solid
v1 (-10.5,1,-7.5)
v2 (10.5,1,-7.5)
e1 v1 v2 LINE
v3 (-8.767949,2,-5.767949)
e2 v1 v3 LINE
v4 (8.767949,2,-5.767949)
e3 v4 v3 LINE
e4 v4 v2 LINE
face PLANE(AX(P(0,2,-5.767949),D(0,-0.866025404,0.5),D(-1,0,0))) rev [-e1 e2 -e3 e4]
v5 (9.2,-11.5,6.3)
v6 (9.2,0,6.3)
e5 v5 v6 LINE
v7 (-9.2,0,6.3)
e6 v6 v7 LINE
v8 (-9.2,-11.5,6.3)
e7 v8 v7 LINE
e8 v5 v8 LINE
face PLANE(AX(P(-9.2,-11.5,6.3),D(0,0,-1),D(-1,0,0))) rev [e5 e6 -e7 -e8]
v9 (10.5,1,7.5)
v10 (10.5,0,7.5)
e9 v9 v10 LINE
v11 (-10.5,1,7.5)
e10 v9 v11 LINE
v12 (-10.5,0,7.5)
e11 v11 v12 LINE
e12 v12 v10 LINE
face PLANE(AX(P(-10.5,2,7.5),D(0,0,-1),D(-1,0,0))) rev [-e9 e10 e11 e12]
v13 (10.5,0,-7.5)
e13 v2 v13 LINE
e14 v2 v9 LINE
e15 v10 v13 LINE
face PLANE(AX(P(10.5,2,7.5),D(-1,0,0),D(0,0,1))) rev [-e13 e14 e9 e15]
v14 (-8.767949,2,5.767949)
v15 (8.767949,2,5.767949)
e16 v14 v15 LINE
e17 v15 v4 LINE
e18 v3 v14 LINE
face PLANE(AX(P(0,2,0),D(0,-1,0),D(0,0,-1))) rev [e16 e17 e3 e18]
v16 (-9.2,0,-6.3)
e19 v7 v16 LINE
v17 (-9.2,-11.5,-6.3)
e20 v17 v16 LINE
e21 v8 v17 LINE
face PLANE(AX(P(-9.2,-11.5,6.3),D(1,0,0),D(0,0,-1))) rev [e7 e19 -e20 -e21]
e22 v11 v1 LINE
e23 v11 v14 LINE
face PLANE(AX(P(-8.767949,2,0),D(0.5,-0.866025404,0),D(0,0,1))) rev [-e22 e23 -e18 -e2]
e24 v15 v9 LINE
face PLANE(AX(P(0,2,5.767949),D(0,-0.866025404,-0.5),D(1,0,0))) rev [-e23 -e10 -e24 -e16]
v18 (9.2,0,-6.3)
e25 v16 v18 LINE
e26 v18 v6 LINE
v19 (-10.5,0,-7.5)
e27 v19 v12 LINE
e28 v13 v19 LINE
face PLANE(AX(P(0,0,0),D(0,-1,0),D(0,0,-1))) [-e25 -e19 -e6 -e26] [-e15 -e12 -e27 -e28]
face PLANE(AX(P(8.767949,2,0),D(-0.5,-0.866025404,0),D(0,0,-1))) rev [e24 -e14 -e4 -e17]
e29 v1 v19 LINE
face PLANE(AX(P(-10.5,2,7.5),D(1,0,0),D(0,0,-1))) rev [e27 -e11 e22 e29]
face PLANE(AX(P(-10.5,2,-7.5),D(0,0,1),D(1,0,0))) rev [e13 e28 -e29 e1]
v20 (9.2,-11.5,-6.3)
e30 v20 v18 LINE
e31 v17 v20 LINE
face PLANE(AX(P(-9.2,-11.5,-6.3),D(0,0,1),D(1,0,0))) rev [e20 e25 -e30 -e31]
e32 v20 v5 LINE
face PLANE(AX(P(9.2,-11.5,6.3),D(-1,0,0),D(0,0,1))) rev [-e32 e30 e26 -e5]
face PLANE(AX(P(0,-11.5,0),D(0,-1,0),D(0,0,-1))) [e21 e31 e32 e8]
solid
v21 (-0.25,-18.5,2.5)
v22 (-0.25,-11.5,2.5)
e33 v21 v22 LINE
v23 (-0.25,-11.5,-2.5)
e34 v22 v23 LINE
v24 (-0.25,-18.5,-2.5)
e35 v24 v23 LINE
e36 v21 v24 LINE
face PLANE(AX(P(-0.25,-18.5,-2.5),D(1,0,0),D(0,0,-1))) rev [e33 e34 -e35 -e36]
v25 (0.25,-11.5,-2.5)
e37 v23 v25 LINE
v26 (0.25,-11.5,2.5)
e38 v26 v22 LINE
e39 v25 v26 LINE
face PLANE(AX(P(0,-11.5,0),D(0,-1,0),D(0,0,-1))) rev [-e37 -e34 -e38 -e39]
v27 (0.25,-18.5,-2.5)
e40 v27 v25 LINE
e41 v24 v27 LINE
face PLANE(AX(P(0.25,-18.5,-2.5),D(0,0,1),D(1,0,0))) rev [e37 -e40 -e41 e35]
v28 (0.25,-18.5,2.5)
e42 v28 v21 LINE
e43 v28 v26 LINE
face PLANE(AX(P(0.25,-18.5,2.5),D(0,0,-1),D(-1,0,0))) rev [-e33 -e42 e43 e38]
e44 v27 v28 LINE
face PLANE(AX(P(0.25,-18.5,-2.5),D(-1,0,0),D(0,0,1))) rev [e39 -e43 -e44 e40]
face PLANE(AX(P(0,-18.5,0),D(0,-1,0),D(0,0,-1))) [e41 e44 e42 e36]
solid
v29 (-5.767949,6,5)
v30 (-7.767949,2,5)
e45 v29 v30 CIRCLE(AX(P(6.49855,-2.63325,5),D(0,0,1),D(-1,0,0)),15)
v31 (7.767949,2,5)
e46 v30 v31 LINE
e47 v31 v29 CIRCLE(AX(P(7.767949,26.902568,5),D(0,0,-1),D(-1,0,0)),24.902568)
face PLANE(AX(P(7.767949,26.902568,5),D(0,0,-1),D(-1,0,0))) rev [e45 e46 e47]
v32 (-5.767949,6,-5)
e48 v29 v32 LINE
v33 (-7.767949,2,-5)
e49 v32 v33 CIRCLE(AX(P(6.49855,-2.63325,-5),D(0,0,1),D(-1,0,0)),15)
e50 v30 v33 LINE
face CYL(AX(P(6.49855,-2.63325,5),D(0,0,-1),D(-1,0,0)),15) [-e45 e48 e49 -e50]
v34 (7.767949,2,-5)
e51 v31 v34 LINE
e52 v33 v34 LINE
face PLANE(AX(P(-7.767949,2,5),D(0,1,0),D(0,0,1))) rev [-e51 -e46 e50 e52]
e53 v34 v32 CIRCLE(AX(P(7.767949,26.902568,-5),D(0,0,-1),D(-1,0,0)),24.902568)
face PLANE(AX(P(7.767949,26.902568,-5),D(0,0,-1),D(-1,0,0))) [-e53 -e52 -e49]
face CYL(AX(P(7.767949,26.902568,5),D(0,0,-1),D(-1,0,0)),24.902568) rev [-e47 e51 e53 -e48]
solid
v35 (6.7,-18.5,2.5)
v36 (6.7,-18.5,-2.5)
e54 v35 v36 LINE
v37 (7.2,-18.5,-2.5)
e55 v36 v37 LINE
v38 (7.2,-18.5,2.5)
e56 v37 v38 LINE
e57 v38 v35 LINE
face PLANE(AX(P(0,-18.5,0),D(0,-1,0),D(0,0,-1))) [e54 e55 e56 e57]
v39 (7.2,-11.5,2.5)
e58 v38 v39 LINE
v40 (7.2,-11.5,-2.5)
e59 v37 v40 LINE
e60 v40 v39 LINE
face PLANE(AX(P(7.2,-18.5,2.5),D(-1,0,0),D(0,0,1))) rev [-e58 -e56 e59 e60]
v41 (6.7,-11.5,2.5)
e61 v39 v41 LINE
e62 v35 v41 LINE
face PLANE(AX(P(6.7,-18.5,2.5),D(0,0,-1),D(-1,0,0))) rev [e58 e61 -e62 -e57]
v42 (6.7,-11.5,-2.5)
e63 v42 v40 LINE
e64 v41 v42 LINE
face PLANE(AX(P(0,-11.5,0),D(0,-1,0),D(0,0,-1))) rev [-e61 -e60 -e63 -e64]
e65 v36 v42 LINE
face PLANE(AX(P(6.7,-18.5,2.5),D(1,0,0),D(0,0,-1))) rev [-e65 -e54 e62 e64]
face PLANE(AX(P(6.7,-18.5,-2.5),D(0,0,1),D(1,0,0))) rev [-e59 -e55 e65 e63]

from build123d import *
from OCP.BRepFilletAPI import BRepFilletAPI_MakeChamfer

# Parameters (mm, degrees)
SKETCH1_W             = 21
SKETCH1_H             = 15
BOSS_EXTRUDE1_DEPTH   = 2
CHAMFER1_SIZE         = 1
CHAMFER1_SIZE2        = 1.732050808
BOSS_EXTRUDE2_DEPTH   = 5
SKETCH3_W             = 18.4
SKETCH3_H             = 12.6
BOSS_EXTRUDE3_DEPTH   = 11.5
SKETCH4_W             = 0.5
SKETCH4_H             = 5
BOSS_EXTRUDE4_DEPTH   = 7
BOSS_EXTRUDE4_2_DEPTH = 7


with BuildPart() as part:
    # Sketch1 → Boss-Extrude1 (new body)
    with BuildSketch(Plane(origin=(0, 0, 0), x_dir=(1, 0, 0), z_dir=(0, 1, 0))):
        Rectangle(SKETCH1_W, SKETCH1_H)
    extrude(amount=BOSS_EXTRUDE1_DEPTH)

    # Chamfer1: one chamfer whose edges measure the first distance from different faces: ONE call of the kernel's chamfer builder (chamfer() names one face for all edges)
    chamfer1_edges_1 = [part.edges().sort_by_distance(p)[0] for p in [
        (10.5, 2, 0),
    ]]
    chamfer1_side_1 = [part.faces().sort_by_distance(p)[0] for p in [
        (10.5, 1, 0),
    ]]
    chamfer1_edges_2 = [part.edges().sort_by_distance(p)[0] for p in [
        (0, 2, -7.5),
    ]]
    chamfer1_side_2 = [part.faces().sort_by_distance(p)[0] for p in [
        (0, 1, -7.5),
    ]]
    chamfer1_edges_3 = [part.edges().sort_by_distance(p)[0] for p in [
        (-10.5, 2, 0),
    ]]
    chamfer1_side_3 = [part.faces().sort_by_distance(p)[0] for p in [
        (-10.5, 1, 0),
    ]]
    chamfer1_edges_4 = [part.edges().sort_by_distance(p)[0] for p in [
        (0, 2, 7.5),
    ]]
    chamfer1_side_4 = [part.faces().sort_by_distance(p)[0] for p in [
        (0, 1, 7.5),
    ]]
    chamfer1 = BRepFilletAPI_MakeChamfer(part.part.solid().wrapped)
    for e in chamfer1_edges_1:
        chamfer1.Add(CHAMFER1_SIZE, CHAMFER1_SIZE2, e.wrapped, chamfer1_side_1[0].wrapped)  # the first distance lies on this face
    for e in chamfer1_edges_2:
        chamfer1.Add(CHAMFER1_SIZE, CHAMFER1_SIZE2, e.wrapped, chamfer1_side_2[0].wrapped)  # the first distance lies on this face
    for e in chamfer1_edges_3:
        chamfer1.Add(CHAMFER1_SIZE, CHAMFER1_SIZE2, e.wrapped, chamfer1_side_3[0].wrapped)  # the first distance lies on this face
    for e in chamfer1_edges_4:
        chamfer1.Add(CHAMFER1_SIZE, CHAMFER1_SIZE2, e.wrapped, chamfer1_side_4[0].wrapped)  # the first distance lies on this face
    add(Compound.cast(chamfer1.Shape()), mode=Mode.REPLACE)

    # Sketch3 → Boss-Extrude3 (add)
    with BuildSketch(Plane.XZ):
        Rectangle(SKETCH3_W, SKETCH3_H)
    extrude(amount=BOSS_EXTRUDE3_DEPTH)


with BuildPart() as body_2:
    # Sketch2 → Boss-Extrude2 (new, symmetric)
    with BuildSketch(Plane.XY):
        with BuildLine():
            Line((-7.767949192, 2), (7.767949192, 2))
            ThreePointArc((7.767949192, 2), (0.710673778, 3.020927416), (-5.767949192, 6))
            ThreePointArc((-5.767949192, 6), (-6.917857896, 4.074954352), (-7.767949192, 2))
        make_face()
    extrude(amount=BOSS_EXTRUDE2_DEPTH, both=True)


with BuildPart() as body_3:
    # Sketch4 → Boss-Extrude4 (new body)
    with BuildSketch(Plane.XZ.offset(11.5)):
        Rectangle(SKETCH4_W, SKETCH4_H)
    extrude(amount=BOSS_EXTRUDE4_DEPTH)


with BuildPart() as body_4:
    # Sketch4 → Boss-Extrude4 2 (new body)
    with BuildSketch(Plane.XZ.offset(11.5)):
        with Locations((6.95, 0)):
            Rectangle(SKETCH4_W, SKETCH4_H)
    extrude(amount=BOSS_EXTRUDE4_2_DEPTH)


solid = Compound([part.part, body_2.part, body_3.part, body_4.part])
